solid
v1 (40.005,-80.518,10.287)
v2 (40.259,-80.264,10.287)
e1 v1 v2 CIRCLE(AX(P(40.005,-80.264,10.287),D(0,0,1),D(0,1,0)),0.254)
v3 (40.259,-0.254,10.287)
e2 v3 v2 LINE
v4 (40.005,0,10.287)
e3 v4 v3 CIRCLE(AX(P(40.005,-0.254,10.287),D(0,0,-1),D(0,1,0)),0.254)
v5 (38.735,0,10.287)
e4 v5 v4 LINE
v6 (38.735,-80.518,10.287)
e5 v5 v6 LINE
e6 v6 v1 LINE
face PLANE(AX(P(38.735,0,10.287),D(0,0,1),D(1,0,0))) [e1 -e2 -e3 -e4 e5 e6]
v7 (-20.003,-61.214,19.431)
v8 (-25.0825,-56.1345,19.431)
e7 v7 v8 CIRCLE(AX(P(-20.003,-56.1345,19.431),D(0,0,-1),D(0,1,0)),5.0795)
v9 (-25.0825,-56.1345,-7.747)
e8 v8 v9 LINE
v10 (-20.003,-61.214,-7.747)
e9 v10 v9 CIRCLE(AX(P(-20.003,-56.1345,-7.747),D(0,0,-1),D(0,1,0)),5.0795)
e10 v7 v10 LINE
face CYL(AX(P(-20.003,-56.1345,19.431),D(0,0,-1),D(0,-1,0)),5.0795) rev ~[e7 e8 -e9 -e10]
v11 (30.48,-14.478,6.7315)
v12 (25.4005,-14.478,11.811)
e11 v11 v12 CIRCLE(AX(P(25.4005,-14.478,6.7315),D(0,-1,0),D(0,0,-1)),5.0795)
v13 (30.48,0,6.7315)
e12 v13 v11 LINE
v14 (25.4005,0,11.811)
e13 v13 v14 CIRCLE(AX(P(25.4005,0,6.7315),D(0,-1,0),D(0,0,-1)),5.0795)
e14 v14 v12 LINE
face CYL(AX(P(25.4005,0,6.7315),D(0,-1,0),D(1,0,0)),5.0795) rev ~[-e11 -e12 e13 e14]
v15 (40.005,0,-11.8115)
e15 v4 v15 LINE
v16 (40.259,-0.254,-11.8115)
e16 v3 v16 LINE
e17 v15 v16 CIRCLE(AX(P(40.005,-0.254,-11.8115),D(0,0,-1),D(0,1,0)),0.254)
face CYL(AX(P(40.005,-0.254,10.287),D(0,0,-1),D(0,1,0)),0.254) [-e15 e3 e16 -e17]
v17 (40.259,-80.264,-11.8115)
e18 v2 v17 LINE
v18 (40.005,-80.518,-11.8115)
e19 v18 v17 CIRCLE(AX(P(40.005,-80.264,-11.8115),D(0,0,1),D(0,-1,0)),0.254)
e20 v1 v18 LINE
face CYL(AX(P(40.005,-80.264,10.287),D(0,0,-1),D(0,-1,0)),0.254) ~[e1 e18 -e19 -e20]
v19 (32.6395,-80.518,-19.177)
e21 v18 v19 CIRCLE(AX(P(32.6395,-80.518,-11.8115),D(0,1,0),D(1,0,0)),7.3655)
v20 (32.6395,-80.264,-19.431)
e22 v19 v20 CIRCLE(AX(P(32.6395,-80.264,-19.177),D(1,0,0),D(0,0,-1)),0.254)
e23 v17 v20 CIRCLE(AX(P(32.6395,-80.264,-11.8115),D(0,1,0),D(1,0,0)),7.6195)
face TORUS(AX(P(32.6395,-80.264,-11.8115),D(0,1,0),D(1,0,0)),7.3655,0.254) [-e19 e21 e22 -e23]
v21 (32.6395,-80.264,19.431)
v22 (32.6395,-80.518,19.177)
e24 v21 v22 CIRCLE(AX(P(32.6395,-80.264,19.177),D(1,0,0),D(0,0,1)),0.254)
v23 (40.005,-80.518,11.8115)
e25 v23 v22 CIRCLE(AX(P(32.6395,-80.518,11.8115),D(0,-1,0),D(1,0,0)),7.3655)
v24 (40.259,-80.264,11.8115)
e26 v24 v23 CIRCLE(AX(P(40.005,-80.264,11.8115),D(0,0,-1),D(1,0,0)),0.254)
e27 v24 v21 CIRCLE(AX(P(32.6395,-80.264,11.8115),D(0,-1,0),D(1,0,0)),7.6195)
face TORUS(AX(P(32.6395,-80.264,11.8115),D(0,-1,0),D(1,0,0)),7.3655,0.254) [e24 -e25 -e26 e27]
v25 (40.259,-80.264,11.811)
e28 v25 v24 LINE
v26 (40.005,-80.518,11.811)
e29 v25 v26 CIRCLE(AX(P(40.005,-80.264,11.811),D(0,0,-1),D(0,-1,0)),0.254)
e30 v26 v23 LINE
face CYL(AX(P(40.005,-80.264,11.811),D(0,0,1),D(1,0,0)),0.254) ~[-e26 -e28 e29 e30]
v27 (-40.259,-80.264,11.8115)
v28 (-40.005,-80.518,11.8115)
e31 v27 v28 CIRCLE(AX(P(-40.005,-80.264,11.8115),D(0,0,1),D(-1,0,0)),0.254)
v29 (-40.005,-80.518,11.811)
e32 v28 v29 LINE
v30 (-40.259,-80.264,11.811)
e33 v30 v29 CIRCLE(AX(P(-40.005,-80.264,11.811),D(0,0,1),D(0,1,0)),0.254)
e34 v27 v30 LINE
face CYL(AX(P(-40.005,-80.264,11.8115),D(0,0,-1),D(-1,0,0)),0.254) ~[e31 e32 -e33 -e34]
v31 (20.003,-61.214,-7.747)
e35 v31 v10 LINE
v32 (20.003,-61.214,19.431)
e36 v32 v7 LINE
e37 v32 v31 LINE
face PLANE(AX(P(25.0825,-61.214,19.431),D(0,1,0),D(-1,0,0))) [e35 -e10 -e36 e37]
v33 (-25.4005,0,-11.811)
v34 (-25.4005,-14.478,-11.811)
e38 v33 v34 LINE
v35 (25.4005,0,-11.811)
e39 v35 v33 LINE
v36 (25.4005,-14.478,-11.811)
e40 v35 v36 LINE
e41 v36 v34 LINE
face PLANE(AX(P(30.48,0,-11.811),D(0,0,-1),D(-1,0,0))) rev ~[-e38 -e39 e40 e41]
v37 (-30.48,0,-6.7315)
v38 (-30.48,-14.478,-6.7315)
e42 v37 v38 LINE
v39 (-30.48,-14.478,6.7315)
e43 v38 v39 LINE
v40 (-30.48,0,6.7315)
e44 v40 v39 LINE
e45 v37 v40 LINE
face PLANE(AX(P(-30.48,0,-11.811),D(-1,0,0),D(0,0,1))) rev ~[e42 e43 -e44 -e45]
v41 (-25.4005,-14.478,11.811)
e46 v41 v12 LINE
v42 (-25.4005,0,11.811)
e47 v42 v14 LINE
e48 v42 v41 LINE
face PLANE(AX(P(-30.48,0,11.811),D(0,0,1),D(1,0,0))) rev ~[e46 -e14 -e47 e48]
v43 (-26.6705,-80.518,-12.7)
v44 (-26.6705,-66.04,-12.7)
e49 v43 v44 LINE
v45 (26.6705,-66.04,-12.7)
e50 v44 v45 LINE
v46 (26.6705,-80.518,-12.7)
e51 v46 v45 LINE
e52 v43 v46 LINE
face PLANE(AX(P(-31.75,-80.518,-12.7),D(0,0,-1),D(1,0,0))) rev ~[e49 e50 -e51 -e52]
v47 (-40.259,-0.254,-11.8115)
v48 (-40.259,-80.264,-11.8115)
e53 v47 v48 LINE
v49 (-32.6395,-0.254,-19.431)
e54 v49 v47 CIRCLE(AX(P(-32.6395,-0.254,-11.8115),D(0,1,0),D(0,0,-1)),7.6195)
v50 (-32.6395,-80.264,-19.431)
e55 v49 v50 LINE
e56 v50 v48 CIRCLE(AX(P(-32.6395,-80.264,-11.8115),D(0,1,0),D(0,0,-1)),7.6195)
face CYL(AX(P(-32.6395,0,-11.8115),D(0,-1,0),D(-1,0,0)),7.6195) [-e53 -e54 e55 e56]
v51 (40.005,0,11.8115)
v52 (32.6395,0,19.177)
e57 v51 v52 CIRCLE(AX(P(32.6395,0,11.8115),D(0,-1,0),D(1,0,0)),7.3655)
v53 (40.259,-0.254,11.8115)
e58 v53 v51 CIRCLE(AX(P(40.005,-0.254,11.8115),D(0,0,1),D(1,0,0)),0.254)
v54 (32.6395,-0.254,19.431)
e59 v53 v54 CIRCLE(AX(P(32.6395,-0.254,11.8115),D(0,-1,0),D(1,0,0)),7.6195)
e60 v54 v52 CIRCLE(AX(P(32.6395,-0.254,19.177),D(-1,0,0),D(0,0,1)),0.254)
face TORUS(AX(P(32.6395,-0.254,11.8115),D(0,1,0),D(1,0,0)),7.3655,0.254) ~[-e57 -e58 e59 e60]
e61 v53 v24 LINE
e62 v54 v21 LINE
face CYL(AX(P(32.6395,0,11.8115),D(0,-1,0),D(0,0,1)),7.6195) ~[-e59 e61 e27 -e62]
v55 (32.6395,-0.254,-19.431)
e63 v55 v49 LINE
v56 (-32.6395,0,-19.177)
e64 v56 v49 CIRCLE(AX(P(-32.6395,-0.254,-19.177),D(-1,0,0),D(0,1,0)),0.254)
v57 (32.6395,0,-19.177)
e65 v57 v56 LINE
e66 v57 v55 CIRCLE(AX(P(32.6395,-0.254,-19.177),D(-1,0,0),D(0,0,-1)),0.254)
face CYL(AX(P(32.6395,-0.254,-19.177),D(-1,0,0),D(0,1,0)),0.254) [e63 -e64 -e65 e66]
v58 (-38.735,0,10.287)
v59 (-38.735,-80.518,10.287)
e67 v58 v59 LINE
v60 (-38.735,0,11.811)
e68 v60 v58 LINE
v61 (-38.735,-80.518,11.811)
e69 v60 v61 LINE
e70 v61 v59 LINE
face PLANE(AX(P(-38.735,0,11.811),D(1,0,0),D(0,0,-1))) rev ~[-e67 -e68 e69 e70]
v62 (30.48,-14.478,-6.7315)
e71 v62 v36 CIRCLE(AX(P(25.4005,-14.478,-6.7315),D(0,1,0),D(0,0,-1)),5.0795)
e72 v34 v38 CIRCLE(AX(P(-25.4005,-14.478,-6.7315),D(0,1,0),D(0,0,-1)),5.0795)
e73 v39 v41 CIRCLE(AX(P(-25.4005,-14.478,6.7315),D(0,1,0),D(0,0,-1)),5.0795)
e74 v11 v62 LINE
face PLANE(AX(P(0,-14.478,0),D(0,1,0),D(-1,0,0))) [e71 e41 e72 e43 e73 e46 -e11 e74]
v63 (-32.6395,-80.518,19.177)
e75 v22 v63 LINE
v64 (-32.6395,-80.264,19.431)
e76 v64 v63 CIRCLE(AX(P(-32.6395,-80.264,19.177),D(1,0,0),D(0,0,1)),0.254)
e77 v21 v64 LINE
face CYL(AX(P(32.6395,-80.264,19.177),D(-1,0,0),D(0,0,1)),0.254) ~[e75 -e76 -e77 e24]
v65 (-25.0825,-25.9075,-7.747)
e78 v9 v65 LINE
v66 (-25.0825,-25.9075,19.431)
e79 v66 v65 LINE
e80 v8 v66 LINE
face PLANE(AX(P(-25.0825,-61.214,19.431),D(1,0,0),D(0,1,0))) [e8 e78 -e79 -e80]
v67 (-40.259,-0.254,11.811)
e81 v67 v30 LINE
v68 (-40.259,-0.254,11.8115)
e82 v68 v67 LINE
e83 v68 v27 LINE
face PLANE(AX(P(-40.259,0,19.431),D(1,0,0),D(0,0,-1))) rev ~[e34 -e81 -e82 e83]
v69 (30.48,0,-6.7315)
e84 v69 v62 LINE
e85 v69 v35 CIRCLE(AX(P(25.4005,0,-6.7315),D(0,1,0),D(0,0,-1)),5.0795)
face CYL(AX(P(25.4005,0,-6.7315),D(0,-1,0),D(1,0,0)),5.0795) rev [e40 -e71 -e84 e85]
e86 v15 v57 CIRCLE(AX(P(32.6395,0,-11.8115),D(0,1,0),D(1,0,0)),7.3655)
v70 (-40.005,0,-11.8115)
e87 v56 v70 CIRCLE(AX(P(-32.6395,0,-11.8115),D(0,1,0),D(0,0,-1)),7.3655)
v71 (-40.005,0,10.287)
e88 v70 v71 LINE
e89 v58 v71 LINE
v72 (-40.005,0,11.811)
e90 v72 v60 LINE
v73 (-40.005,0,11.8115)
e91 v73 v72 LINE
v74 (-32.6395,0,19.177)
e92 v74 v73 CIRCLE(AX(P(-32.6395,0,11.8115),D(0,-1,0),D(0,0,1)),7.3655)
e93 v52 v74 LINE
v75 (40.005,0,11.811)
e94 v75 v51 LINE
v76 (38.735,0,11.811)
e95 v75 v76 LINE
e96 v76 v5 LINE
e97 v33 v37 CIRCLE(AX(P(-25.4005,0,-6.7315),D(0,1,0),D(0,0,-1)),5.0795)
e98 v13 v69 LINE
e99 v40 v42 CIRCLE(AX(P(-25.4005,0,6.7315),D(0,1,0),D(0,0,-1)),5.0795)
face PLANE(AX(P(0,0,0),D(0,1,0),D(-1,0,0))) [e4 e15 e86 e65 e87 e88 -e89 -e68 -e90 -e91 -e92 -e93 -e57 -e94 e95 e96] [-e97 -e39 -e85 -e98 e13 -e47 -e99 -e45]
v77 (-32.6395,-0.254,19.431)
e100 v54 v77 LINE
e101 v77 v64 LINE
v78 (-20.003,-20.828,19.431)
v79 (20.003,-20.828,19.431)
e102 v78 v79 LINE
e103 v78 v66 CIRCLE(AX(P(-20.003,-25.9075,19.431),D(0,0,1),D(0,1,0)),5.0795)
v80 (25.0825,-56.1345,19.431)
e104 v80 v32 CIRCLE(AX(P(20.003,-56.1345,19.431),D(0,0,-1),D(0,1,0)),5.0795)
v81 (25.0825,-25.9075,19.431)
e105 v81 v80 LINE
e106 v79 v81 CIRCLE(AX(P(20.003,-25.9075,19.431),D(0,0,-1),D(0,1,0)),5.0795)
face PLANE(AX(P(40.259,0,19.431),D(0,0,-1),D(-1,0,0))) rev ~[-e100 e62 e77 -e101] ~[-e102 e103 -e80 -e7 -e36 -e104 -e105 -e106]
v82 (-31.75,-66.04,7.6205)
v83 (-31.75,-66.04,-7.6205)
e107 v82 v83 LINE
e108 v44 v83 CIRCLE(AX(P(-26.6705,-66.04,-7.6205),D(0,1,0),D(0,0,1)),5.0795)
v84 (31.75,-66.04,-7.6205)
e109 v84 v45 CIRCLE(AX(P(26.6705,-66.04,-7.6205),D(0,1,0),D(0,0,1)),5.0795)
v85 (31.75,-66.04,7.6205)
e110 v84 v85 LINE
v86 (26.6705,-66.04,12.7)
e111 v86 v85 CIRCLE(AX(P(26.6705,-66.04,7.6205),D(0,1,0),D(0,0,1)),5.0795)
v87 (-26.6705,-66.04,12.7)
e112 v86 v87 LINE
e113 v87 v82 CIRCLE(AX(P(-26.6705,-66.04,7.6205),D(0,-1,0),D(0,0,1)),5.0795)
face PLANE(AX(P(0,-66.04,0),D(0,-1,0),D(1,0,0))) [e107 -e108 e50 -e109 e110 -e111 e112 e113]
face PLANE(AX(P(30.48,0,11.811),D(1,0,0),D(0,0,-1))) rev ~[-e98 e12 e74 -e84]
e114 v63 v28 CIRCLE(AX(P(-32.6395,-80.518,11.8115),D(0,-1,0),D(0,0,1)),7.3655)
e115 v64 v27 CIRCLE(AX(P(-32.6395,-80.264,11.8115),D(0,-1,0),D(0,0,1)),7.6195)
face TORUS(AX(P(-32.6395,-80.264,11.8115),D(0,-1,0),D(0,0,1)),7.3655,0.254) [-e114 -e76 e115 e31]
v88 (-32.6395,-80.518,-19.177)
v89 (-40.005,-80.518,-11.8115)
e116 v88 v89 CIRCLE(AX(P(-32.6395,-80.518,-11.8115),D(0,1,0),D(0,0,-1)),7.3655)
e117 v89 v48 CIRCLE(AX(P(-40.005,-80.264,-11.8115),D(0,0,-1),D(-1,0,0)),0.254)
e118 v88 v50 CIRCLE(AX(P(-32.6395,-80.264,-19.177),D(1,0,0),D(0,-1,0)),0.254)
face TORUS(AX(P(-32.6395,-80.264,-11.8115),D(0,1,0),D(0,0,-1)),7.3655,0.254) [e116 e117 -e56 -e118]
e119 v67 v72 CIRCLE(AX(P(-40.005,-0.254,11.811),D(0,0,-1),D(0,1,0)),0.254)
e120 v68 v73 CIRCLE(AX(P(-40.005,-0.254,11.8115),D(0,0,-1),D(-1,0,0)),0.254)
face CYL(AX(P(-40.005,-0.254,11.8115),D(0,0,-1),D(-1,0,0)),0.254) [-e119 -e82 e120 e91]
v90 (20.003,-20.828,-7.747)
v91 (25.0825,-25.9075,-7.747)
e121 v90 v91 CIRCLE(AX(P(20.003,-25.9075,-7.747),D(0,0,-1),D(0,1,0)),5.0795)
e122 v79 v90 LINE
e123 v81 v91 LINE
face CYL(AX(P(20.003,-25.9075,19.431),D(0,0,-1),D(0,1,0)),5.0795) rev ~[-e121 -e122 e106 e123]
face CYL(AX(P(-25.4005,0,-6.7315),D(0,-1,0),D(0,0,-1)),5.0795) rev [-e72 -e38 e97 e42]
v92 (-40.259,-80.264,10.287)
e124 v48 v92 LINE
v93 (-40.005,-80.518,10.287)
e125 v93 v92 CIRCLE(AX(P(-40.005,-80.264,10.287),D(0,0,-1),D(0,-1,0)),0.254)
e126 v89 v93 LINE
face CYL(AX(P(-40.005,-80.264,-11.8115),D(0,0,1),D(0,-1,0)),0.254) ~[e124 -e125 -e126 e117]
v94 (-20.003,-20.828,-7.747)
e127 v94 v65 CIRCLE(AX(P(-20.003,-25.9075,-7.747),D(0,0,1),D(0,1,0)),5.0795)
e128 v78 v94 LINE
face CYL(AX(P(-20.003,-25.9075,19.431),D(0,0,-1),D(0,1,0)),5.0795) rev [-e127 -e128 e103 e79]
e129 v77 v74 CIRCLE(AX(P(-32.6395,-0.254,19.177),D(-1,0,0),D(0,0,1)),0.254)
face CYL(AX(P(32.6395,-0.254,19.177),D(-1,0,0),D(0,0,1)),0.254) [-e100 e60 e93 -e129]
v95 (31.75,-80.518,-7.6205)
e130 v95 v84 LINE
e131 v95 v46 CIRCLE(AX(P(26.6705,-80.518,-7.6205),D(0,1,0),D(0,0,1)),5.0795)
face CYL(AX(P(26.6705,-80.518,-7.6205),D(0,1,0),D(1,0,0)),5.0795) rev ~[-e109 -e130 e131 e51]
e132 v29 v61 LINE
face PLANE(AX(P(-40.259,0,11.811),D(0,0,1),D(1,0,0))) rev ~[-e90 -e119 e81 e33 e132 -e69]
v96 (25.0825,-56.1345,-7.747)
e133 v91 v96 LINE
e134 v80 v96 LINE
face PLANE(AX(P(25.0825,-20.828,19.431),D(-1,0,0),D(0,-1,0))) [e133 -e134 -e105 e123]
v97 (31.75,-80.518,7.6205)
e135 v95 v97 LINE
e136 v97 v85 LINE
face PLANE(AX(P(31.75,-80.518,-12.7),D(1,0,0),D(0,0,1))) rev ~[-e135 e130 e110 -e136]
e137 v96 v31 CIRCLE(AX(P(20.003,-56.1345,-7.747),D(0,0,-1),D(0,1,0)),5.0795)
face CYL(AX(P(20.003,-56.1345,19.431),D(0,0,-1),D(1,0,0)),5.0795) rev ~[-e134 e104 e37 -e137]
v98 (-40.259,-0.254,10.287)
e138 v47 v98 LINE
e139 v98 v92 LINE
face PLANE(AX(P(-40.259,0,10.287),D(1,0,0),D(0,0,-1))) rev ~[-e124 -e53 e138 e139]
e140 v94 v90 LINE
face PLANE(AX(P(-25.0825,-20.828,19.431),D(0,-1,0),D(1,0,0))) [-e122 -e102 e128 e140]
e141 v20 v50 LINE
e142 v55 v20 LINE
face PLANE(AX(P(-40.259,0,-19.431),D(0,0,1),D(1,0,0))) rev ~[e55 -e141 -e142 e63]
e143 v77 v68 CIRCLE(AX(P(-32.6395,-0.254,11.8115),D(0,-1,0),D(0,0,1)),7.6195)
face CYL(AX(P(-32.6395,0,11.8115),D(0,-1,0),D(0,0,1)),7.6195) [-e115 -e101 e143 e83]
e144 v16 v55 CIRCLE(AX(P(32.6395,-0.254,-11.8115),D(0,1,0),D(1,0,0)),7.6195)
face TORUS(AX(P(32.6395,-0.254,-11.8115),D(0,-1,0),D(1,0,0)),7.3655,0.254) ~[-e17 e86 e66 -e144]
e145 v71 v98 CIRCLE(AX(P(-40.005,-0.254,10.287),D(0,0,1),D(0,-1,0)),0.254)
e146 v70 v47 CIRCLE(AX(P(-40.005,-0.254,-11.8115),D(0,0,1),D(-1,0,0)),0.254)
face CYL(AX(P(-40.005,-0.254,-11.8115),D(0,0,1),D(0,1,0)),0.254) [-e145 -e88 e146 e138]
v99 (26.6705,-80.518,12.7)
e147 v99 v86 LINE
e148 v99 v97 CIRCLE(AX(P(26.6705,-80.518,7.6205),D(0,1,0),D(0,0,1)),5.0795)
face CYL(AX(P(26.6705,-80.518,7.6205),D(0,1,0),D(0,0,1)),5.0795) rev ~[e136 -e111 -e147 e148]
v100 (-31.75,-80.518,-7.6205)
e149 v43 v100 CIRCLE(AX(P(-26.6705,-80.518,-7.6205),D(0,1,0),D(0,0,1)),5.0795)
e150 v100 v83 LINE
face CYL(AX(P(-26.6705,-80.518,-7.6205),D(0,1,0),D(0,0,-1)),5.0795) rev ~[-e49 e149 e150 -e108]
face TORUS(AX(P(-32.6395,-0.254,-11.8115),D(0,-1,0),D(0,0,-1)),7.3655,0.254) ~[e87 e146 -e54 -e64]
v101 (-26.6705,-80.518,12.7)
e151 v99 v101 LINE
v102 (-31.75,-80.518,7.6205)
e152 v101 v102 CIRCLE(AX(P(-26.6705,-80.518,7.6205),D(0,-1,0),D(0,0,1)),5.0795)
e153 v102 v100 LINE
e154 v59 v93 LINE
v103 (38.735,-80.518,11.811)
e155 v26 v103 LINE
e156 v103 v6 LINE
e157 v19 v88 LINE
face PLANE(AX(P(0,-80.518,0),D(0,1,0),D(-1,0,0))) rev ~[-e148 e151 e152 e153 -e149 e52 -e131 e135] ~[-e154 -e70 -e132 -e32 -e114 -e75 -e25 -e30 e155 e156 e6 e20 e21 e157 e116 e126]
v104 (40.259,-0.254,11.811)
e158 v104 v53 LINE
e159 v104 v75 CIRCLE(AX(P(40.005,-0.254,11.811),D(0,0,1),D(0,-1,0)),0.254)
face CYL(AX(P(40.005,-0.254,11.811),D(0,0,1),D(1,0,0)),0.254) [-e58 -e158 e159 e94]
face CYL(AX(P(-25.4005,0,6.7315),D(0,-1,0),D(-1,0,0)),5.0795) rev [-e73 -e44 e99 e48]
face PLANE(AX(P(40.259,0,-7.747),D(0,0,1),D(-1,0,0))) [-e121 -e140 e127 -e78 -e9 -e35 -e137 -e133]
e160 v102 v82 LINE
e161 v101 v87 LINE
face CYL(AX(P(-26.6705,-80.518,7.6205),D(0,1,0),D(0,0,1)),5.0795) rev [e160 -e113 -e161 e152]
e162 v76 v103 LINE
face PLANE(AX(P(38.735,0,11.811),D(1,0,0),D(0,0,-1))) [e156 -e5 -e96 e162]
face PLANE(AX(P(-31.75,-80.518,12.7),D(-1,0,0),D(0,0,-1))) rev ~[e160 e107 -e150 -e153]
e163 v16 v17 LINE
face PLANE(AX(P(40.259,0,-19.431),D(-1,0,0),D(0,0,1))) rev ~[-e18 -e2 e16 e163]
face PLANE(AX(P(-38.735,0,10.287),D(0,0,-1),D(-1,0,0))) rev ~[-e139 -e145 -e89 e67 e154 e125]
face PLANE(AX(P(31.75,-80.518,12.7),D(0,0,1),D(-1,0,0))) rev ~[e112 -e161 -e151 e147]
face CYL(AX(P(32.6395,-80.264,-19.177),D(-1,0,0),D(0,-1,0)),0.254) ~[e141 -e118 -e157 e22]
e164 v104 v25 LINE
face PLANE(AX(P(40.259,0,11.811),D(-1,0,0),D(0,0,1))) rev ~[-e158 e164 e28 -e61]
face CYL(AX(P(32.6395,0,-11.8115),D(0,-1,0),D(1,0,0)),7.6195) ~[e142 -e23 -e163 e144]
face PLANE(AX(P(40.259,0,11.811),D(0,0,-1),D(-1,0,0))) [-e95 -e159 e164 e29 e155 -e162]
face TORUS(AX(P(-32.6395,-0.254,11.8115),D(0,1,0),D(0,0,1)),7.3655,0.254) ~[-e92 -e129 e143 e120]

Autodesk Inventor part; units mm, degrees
ref_plane "YZ Plane" through (0, 0, 0) normal (1, 0, 0) x (0, 1, 0)
ref_plane "XZ Plane" through (0, 0, 0) normal (0, 1, 0) x (-1, 0, 0)
ref_plane "XY Plane" through (0, 0, 0) normal (0, 0, 1) x (1, 0, 0)
sketch "Sketch1" plane through (0, 0, 0) normal (0, 1, 0) x (-1, 0, 0)
  line L0 (-40.259, 19.431) -> (40.259, 19.431)
  line L1 (40.259, 19.431) -> (40.259, -19.431)
  line L2 (40.259, -19.431) -> (-40.259, -19.431)
  line L3 (-40.259, -19.431) -> (-40.259, 19.431)
  line L4 (-40.259, 11.811) -> (-38.735, 11.811)
  line L5 (-38.735, 11.811) -> (-38.735, 10.287)
  line L6 (-38.735, 10.287) -> (-40.259, 10.287)
  line L7 (-40.259, 10.287) -> (-40.259, 11.811)
  line L8 (40.259, 11.811) -> (38.735, 11.811)
  line L9 (38.735, 11.811) -> (38.735, 10.287)
  line L10 (38.735, 10.287) -> (40.259, 10.287)
  line L11 (40.259, 10.287) -> (40.259, 11.811)
  point P0 (0, 0)
  point P1 (40.259, 0)
  point P2 (0, -19.431)
  point P3 (0, 0)
  dimension "d0" = 80.518
  dimension "d1" = 38.862
  dimension "d20" = 1.524
  dimension "d21" = 7.62
extrude "Extrusion1" add sketch "Sketch1" against normal blind 80.518 contours L0 L1 L8 L9 L10 L2 L3 L6 L5 L4
sketch "Sketch2" plane through (0, 0, 0) normal (0, 1, 0) x (-1, 0, 0)
  line L0 (-30.48, -11.811) -> (30.48, -11.811)
  line L1 (30.48, -11.811) -> (30.48, 11.811)
  line L2 (30.48, 11.811) -> (-30.48, 11.811)
  line L3 (-30.48, 11.811) -> (-30.48, -11.811)
  line L4 (40.259, -19.431) -> (-40.259, -19.431) projected
  line L5 (-40.259, 19.431) -> (40.259, 19.431) projected
  point P0 (0, 0)
  point P1 (0, 11.811)
  point P2 (-30.48, 0)
  dimension "d4" = 60.96
  dimension "d5" = 23.622
extrude "Extrusion2" cut sketch "Sketch2" against normal blind 14.478
sketch "Sketch3" plane through (0, -80.518, 0) normal (0, -1, 0) x (1, 0, 0)
  line L0 (-31.75, -12.7) -> (31.75, -12.7)
  line L1 (31.75, -12.7) -> (31.75, 12.7)
  line L2 (31.75, 12.7) -> (-31.75, 12.7)
  line L3 (-31.75, 12.7) -> (-31.75, -12.7)
  point P0 (0, 0)
  point P1 (0, -12.7)
  point P2 (-31.75, 0)
  dimension "d10" = 63.5
  dimension "d11" = 25.4
extrude "Extrusion3" cut sketch "Sketch3" against normal blind 14.478
sketch "Sketch4" plane through (40.259, 0, 19.431) normal (0, 0, 1) x (-1, 0, 0)
  line L0 (65.3415, 20.828) -> (15.1765, 20.828)
  line L1 (15.1765, 20.828) -> (15.1765, 61.214)
  line L2 (15.1765, 61.214) -> (65.3415, 61.214)
  line L3 (65.3415, 61.214) -> (65.3415, 20.828)
  line L4 (0, 0) -> (80.518, 0) projected
  point P0 (40.259, 0)
  point P1 (40.259, 0)
  point P2 (40.259, 20.828)
  dimension "d15" = 20.828
  dimension "d16" = 40.386
  dimension "d17" = 50.165
extrude "Extrusion4" cut sketch "Sketch4" against normal blind 27.178
fillet "Fillet1" radius 5.08 12 edges at (30.48, -7.239, 11.811) (30.48, -7.239, -11.811) (-30.48, -7.239, -11.811) (-30.48, -7.239, 11.811) (-31.75, -73.279, -12.7) (-31.75, -73.279, 12.7) (31.75, -73.279, 12.7) (31.75, -73.279, -12.7) (-25.0825, -20.828, 5.842) (25.0825, -20.828, 5.842) (25.0825, -61.214, 5.842) (-25.0825, -61.214, 5.842)
fillet "Fillet1" radius 7.62 4 edges at (-40.259, -40.259, 19.431) (-40.259, -40.259, -19.431) (40.259, -40.259, 19.431) (40.259, -40.259, -19.431)
fillet "Fillet2" radius 0.254 16 edges at (38.0273, -80.518, -17.1993) (0, -80.518, -19.431) (-38.0273, -80.518, -17.1993) (-40.259, -80.518, -0.7623) (40.259, -80.518, -0.7623) (0, -80.518, 19.431) (-38.0273, -80.518, 17.1993) (38.0273, -80.518, 17.1993) (0, 0, 19.431) (-38.0273, 0, 17.1993) (38.0273, 0, 17.1993) (38.0273, 0, -17.1993) (0, 0, -19.431) (-38.0273, 0, -17.1993) (-40.259, 0, -0.7623) (40.259, 0, -0.7623)
properties part number "T9 Passenger Section"
